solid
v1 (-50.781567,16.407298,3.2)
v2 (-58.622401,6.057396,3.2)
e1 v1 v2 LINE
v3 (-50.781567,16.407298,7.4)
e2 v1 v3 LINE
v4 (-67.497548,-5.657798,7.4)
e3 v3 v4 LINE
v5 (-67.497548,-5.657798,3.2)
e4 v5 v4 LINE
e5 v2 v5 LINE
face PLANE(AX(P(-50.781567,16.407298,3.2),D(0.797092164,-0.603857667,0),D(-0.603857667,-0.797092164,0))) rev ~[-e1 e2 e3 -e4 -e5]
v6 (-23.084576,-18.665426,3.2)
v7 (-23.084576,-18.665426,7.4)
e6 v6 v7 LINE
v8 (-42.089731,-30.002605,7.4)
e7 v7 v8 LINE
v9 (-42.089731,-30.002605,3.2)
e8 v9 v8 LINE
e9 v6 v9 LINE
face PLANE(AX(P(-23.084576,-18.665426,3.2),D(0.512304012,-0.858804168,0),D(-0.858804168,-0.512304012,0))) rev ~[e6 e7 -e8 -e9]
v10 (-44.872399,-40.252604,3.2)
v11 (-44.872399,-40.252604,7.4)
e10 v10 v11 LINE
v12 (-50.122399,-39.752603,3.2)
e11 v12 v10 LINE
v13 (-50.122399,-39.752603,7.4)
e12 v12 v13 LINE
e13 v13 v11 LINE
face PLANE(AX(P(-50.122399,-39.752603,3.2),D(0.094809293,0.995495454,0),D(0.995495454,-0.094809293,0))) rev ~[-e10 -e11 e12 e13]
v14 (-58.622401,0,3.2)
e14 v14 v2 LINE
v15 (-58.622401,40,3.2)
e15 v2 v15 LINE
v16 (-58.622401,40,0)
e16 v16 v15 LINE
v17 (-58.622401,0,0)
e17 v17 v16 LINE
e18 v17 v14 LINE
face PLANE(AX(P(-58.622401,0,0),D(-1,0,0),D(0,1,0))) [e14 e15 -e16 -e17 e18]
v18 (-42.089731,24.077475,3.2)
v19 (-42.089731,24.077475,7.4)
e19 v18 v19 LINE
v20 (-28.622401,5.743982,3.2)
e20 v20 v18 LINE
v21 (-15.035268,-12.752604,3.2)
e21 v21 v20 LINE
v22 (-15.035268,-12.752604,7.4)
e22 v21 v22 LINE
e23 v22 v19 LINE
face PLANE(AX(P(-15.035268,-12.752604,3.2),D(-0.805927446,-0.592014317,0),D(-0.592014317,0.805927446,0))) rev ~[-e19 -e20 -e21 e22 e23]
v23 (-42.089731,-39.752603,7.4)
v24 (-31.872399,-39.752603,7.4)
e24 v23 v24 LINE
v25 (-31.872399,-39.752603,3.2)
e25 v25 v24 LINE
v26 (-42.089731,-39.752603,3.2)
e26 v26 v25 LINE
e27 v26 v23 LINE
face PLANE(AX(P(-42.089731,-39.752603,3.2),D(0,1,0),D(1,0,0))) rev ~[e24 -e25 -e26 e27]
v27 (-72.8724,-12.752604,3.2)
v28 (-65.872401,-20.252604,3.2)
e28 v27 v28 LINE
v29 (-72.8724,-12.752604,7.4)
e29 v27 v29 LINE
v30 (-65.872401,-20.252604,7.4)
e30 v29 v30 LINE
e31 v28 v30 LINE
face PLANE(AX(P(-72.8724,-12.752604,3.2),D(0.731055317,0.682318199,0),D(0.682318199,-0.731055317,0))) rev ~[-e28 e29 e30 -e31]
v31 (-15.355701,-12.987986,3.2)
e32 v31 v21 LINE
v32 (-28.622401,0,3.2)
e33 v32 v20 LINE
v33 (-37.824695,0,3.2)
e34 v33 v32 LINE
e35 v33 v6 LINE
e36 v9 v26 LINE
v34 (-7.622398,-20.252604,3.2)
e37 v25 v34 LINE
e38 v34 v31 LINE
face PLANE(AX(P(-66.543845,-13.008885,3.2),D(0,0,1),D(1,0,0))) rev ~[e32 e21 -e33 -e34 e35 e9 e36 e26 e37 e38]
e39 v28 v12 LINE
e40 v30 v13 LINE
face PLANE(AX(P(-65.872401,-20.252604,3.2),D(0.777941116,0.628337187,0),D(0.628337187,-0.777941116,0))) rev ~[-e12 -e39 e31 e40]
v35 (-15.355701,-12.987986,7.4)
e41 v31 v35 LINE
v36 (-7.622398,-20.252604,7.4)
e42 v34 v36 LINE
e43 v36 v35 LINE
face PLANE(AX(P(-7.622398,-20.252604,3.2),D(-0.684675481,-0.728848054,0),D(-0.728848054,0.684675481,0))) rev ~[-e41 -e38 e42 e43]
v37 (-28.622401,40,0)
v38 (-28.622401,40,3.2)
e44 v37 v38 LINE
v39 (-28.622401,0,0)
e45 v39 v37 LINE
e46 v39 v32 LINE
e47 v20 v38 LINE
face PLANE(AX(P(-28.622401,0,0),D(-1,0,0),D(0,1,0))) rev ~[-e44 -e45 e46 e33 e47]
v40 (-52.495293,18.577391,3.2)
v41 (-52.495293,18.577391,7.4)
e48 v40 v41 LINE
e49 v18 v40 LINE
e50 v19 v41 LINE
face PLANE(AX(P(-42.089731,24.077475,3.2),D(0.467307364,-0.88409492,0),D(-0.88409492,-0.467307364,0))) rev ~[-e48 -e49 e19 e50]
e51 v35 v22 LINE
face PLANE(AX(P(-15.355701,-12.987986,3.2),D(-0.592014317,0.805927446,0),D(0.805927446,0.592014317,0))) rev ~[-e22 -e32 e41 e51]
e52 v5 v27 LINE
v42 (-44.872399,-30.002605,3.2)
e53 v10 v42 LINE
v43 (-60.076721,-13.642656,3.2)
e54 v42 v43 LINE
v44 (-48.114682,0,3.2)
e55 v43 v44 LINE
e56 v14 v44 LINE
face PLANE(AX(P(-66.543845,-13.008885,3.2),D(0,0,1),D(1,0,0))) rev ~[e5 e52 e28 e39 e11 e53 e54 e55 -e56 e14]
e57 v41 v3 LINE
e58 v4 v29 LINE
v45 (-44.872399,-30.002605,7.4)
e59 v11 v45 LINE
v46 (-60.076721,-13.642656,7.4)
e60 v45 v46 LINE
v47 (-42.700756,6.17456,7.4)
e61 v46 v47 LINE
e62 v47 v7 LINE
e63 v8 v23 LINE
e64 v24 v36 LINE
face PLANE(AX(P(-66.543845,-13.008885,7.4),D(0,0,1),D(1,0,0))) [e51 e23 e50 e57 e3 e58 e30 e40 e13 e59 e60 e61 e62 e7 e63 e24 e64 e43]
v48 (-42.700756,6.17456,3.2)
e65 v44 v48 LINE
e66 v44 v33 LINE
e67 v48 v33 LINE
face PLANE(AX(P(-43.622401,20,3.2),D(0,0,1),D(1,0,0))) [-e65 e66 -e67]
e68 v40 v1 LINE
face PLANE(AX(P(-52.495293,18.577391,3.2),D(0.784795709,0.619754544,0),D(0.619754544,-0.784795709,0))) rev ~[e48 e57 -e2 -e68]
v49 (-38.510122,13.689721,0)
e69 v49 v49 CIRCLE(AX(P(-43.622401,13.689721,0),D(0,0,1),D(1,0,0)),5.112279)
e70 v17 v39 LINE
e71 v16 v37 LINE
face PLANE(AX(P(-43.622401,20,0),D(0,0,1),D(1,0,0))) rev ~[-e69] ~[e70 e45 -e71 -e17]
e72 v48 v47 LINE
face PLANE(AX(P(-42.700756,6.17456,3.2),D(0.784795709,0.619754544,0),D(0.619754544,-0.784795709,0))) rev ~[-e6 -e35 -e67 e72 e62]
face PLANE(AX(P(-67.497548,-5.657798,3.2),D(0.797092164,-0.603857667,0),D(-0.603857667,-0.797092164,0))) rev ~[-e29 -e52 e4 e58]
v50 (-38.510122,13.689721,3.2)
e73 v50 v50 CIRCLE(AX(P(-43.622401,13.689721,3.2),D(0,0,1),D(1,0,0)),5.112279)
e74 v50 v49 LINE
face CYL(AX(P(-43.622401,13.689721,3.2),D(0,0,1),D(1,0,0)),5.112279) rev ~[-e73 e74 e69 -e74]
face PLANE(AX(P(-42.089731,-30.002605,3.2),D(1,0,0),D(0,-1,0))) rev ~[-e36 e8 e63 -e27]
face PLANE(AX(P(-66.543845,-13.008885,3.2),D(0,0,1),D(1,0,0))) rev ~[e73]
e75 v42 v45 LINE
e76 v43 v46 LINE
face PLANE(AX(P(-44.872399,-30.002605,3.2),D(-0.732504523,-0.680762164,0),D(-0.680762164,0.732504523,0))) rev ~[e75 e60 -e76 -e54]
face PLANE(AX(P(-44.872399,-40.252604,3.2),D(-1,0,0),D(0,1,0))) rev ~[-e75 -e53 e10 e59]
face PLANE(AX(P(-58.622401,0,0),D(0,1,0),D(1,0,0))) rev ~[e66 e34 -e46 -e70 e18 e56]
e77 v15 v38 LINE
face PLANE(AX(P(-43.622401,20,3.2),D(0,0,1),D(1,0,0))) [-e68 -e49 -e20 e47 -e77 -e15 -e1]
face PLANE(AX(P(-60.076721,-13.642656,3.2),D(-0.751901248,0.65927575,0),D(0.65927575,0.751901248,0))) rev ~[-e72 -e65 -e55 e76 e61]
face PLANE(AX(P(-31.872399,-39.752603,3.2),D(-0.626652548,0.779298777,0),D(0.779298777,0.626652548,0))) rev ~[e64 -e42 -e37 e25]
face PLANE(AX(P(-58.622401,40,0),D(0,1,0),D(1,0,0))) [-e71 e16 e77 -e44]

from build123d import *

# Parameters (mm, degrees)
F0_W     = 30
F0_H     = 40
F1_DEPTH = 3.2
F2_R     = 5.11227941
F3_DEPTH = 25
F5_DEPTH = 4.2


with BuildPart() as f1:
    # F0 (on Top) → F1 (new body)
    with BuildSketch(Plane.XY):
        with Locations((-43.6224012077, 20)):
            Rectangle(F0_W, F0_H)
    extrude(amount=F1_DEPTH)

    # F2 (on face) → F3 (cut)
    with BuildSketch(Plane.XY.offset(3.2)):
        with Locations((-43.6224012077, 13.6897208655)):
            Circle(F2_R)
    extrude(amount=-F3_DEPTH, mode=Mode.SUBTRACT)

    # F4 (on face) → F5 (join)
    with BuildSketch(Plane.XY.offset(3.2)):
        Polygon((-60.0767214389, -13.6426556282), (-67.4975478184, -5.6577981007), (-72.8724002838, -12.7526037395), (-65.8724009991, -20.2526040375), align=None)
        Polygon((-50.7815668435, 16.4072979817), (-67.4975478184, -5.6577981007), (-60.0767214389, -13.6426556282), (-42.700756127, 6.1745604691), align=None)
        Polygon((-52.4952933192, 18.5773912817), (-50.7815668435, 16.4072979817), (-47.8724017739, 20.2473960817), (-35.6223993003, 14.2473969609), (-42.700756127, 6.1745604691), (-23.0845756663, -18.6654256037), (-15.3557008339, -12.9879858125), (-15.0352679193, -12.7526037395), (-42.0897305012, 24.077475071), align=None)
        Polygon((-47.8724017739, 20.2473960817), (-50.7815668435, 16.4072979817), (-42.700756127, 6.1745604691), (-35.6223993003, 14.2473969609), align=None)
        Polygon((-44.8723994195, -30.00260517), (-60.0767214389, -13.6426556282), (-65.8724009991, -20.2526040375), (-50.1223988831, -39.7526025772), (-44.8723994195, -40.2526035905), align=None)
        Polygon((-15.3557008339, -12.9879858125), (-23.0845756663, -18.6654256037), (-42.0897305012, -30.00260517), (-42.0897305012, -39.7526025772), (-31.8723991513, -39.7526025772), (-7.6223979704, -20.2526040375), align=None)
    extrude(amount=F5_DEPTH)


solid = f1.part
